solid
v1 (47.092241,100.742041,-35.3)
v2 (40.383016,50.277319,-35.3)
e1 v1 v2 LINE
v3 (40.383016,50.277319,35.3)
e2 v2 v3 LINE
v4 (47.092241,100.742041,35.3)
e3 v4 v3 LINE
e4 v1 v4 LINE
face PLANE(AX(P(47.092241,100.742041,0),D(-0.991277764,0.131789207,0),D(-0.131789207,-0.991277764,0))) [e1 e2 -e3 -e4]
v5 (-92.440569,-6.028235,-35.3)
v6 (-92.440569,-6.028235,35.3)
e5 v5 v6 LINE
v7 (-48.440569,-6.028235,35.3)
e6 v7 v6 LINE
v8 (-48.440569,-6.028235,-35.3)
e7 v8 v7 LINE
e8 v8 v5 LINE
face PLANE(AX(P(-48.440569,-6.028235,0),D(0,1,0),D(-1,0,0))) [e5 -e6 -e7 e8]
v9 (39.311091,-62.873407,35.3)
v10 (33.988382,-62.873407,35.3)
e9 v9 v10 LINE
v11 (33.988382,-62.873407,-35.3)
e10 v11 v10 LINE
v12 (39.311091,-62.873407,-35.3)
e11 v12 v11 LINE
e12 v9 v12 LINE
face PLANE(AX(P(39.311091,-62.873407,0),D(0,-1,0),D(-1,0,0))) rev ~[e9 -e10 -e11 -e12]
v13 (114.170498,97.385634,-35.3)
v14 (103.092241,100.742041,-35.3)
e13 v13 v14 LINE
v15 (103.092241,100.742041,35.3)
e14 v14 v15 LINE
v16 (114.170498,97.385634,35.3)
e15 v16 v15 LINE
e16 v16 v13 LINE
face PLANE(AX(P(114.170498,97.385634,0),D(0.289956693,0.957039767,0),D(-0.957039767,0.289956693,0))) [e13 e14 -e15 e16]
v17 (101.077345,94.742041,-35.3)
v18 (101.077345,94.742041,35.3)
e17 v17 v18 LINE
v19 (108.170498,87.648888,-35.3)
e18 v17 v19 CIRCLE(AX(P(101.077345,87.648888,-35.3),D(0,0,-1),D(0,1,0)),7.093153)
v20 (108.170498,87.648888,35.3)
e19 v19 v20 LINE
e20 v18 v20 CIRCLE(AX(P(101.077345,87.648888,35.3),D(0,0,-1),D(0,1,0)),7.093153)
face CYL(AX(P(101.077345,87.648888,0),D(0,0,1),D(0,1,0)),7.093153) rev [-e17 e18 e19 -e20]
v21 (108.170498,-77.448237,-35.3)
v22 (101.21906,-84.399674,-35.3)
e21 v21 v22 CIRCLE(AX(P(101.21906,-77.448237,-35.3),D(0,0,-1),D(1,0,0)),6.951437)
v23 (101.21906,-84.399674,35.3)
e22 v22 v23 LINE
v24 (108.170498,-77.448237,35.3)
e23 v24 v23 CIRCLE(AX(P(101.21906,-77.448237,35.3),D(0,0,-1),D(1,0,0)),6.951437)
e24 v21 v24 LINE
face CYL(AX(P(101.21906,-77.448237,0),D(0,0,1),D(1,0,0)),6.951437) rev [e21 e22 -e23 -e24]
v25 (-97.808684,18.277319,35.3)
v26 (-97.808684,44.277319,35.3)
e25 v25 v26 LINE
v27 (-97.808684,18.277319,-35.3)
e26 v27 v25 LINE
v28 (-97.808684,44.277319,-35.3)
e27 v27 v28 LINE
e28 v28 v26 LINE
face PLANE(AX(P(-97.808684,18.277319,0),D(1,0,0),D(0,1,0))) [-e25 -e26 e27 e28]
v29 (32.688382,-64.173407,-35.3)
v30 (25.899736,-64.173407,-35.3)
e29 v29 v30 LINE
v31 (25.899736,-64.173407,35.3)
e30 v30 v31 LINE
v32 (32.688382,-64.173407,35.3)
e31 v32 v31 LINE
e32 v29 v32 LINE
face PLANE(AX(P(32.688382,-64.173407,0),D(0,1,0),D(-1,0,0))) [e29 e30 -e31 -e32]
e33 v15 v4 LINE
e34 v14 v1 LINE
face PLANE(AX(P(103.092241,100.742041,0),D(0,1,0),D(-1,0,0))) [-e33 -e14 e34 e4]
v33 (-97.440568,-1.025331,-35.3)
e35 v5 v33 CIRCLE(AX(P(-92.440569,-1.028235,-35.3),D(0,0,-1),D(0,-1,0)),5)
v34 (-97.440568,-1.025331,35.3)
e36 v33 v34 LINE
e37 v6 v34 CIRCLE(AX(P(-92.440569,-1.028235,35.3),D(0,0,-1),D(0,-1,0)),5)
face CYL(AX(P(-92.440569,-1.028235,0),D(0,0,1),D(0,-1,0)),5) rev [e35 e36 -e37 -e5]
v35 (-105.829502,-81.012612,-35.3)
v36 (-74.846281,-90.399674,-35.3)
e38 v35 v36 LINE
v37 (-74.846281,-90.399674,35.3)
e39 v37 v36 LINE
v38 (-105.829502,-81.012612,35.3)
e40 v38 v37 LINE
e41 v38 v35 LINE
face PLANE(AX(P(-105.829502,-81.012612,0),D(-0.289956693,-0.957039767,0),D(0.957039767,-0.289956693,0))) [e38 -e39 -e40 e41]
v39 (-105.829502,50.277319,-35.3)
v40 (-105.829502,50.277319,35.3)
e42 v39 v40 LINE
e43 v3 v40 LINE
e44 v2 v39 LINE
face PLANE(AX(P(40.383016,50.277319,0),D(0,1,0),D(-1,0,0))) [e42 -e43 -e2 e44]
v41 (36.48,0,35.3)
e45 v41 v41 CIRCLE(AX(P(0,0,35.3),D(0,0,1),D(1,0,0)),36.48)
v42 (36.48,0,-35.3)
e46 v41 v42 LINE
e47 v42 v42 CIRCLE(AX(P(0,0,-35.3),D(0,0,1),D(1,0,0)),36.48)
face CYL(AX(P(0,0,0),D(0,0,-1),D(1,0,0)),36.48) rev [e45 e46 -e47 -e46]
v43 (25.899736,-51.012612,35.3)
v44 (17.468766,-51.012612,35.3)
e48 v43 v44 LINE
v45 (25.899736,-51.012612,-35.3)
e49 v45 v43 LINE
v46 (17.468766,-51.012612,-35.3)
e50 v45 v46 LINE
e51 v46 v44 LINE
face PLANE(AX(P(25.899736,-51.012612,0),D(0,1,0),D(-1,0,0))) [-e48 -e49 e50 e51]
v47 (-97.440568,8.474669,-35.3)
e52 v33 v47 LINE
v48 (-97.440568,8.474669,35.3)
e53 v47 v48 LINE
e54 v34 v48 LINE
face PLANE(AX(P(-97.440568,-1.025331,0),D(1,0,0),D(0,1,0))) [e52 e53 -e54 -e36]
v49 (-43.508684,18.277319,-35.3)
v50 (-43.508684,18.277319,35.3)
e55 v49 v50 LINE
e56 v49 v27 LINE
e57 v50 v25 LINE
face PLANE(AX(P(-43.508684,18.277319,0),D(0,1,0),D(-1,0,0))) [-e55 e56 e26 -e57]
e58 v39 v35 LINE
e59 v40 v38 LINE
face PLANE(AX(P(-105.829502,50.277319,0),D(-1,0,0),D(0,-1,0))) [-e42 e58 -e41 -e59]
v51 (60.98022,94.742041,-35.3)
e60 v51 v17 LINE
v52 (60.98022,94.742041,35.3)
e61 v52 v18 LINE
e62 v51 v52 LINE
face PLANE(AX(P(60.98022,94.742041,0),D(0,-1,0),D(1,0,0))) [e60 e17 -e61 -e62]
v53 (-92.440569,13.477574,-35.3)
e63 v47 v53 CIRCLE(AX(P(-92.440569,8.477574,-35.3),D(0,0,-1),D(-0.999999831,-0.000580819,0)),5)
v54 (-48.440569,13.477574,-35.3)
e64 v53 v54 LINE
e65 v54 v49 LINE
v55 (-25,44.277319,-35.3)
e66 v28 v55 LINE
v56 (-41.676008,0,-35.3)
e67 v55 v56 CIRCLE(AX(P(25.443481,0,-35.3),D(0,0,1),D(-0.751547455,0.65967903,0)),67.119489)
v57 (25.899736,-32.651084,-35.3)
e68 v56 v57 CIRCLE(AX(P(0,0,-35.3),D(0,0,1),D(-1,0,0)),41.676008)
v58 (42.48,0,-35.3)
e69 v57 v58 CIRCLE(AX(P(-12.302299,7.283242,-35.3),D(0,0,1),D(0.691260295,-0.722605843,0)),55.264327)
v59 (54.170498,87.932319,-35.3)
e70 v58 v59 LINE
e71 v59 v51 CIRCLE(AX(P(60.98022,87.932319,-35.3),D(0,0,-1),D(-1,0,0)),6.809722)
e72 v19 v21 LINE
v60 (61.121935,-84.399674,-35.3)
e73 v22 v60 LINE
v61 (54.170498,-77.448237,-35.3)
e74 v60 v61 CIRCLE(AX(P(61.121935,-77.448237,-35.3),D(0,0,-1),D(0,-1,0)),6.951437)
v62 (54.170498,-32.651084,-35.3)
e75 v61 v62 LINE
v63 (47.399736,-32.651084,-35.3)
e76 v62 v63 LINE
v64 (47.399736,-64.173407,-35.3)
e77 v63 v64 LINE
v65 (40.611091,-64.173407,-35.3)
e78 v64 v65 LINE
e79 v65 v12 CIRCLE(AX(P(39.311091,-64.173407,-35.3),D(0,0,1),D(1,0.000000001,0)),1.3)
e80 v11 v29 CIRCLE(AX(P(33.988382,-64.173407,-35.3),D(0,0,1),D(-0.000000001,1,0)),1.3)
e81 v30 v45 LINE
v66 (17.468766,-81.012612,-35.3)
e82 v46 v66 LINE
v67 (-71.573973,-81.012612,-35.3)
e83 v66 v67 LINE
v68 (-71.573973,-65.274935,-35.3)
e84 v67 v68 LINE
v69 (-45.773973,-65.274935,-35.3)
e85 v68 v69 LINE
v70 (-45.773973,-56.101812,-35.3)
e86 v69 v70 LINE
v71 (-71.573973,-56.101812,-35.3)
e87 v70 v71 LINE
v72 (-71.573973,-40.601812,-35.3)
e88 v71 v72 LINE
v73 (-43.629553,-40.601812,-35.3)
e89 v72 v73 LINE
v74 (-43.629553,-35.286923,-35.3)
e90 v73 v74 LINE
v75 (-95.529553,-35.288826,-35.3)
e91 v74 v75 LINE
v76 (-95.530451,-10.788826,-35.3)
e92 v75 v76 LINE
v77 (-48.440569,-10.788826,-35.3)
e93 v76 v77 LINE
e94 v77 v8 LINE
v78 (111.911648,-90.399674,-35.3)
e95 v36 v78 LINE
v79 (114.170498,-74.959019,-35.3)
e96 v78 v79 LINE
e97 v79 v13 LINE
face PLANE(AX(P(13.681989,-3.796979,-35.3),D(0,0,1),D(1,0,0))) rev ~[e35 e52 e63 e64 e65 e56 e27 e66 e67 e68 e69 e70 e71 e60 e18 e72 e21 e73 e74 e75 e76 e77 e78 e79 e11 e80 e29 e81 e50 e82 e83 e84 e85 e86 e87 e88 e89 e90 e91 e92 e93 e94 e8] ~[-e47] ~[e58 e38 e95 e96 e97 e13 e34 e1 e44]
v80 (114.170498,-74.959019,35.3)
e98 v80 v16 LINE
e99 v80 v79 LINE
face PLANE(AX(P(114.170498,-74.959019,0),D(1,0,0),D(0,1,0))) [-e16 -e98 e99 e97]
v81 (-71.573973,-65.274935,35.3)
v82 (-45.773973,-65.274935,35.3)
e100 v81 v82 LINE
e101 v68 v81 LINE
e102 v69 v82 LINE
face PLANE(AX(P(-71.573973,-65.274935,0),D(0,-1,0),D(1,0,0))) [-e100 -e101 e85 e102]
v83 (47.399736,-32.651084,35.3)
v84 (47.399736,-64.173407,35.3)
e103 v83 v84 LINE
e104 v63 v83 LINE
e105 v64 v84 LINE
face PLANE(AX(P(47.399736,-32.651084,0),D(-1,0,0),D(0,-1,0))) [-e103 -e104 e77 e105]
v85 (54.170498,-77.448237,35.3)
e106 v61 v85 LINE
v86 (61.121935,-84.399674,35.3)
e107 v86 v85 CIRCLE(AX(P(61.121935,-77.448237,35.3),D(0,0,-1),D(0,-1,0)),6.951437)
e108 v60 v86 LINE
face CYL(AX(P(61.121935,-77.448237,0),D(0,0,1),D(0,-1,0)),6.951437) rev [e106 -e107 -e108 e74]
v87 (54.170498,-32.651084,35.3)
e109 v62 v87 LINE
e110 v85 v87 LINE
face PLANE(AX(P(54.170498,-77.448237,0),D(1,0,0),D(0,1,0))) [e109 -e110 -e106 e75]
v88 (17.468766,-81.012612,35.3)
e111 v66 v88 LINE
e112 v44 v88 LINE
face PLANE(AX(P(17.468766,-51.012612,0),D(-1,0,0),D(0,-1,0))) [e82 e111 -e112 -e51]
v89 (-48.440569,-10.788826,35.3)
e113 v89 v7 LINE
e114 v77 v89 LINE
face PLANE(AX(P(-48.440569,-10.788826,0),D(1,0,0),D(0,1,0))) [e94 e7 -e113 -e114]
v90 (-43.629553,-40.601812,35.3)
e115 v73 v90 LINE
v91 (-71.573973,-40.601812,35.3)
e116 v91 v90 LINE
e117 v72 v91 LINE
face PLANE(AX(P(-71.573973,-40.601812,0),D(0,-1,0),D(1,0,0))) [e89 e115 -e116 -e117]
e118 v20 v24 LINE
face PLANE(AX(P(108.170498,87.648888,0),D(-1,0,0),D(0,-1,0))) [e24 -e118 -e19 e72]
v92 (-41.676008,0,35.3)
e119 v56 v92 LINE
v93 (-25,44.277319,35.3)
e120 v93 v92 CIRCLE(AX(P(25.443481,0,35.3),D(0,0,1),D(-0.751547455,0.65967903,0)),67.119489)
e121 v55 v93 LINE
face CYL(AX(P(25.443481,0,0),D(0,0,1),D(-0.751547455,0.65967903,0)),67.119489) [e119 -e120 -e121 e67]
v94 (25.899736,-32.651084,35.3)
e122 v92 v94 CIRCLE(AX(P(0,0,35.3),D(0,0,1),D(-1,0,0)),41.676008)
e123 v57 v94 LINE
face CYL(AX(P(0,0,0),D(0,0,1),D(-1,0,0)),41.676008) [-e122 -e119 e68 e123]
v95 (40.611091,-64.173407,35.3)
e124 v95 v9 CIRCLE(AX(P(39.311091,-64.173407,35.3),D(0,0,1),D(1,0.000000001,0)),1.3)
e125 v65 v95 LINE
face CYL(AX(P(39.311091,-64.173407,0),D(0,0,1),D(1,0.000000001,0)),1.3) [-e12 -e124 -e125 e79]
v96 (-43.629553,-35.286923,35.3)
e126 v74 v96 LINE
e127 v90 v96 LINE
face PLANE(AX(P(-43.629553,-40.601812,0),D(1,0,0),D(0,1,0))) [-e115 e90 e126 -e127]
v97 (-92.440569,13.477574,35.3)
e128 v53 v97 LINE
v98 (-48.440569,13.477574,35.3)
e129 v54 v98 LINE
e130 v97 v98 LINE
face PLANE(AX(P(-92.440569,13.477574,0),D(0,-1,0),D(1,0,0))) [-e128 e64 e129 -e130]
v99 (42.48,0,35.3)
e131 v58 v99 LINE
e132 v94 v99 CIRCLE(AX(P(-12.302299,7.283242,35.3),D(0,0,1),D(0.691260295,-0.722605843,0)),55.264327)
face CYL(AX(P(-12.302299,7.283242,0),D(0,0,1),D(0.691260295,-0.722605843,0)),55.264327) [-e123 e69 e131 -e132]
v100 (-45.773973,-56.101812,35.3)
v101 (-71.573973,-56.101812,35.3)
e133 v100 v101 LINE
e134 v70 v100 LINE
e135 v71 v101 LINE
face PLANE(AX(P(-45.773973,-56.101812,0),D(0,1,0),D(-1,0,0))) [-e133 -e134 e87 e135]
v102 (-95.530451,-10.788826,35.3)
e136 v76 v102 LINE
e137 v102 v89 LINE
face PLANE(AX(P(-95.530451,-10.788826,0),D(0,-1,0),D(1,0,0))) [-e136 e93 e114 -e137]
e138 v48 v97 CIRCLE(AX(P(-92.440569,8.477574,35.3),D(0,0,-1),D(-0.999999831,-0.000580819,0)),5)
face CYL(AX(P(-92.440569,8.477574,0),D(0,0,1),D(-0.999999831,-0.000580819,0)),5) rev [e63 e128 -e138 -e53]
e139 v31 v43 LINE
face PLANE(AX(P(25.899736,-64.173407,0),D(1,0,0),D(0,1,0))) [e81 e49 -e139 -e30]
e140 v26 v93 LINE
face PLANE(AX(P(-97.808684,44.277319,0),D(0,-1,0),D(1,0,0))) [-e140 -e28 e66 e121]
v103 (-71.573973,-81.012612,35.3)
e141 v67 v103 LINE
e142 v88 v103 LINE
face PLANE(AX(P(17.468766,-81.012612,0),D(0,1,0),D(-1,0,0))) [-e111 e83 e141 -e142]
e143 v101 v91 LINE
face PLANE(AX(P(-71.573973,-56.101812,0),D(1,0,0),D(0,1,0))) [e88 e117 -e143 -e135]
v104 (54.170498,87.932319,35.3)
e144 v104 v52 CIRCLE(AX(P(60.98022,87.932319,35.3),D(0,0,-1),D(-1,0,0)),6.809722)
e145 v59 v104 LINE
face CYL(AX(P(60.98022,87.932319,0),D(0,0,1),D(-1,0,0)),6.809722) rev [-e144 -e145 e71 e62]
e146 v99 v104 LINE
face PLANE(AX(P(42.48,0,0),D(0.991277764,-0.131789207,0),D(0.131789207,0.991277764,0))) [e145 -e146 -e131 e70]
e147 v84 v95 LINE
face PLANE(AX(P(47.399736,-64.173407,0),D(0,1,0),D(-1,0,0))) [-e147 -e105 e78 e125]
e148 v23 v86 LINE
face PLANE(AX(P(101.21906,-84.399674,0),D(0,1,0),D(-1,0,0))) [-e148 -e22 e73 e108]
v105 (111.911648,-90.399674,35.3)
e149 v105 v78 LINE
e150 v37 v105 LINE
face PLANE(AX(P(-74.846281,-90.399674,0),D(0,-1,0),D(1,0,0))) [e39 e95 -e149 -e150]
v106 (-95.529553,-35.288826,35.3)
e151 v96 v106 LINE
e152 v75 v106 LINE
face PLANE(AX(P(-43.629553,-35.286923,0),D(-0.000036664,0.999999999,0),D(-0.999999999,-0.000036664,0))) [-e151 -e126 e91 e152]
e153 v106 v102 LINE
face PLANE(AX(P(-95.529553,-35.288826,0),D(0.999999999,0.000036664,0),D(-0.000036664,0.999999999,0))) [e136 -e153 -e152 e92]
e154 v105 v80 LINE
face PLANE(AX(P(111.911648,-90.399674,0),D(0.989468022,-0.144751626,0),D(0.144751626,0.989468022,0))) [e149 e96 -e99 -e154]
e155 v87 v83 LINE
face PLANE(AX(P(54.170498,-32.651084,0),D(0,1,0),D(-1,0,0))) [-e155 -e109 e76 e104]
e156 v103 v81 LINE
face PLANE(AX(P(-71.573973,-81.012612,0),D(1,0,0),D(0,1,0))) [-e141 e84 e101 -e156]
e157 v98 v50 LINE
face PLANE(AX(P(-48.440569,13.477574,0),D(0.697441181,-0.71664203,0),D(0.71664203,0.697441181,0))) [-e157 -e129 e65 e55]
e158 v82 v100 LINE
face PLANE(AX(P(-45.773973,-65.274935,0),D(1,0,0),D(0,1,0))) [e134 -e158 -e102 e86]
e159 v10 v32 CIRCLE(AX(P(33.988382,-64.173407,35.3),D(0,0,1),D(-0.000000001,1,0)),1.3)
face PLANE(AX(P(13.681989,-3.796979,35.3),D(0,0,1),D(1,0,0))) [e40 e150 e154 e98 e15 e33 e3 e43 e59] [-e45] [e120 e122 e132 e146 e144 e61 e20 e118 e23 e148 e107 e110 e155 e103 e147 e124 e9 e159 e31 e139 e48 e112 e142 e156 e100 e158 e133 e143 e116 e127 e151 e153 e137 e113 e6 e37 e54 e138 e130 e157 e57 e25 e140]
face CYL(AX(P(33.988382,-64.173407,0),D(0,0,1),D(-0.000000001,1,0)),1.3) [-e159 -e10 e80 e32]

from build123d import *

# Parameters (mm, degrees)
CROQUIS1_R              = 36.48
SALIENTE_EXTRUIR1_DEPTH = 35.3


with BuildPart() as part:
    # Croquis1 → Saliente-Extruir1 (new, symmetric)
    with BuildSketch(Plane.XY):
        Polygon((114.170497813, 97.385634303), (103.092241408, 100.742040907), (47.092241408, 100.742040907), (40.383016369, 50.277319492), (-25, 50.277319492), (-105.829502187, 50.277319492), (-105.829502187, -81.012611613), (-74.846281109, -90.399674345), (111.911647615, -90.399674345), (114.170497813, -74.959018563), align=None)
        Circle(CROQUIS1_R, mode=Mode.SUBTRACT)
        with BuildLine():
            Line((39.311090941, -62.873407285), (33.988381842, -62.873407285))
            ThreePointArc((33.988381842, -62.873407285), (33.069143027, -63.25416847), (32.688381842, -64.173407285))
            Line((32.688381842, -64.173407285), (25.899736392, -64.173407285))
            Line((25.899736392, -64.173407285), (25.899736392, -51.012611613))
            Line((25.899736392, -51.012611613), (17.468766423, -51.012611613))
            Line((17.468766423, -51.012611613), (17.468766423, -64.173407285))
            Line((17.468766423, -64.173407285), (17.468766423, -81.012611613))
            Line((17.468766423, -81.012611613), (-71.573973225, -81.012611613))
            Line((-71.573973225, -81.012611613), (-71.573973225, -65.27493481))
            Line((-71.573973225, -65.27493481), (-45.773973225, -65.27493481))
            Line((-45.773973225, -65.27493481), (-45.773973225, -56.101811779))
            Line((-45.773973225, -56.101811779), (-71.573973225, -56.101811779))
            Line((-71.573973225, -56.101811779), (-71.573973225, -40.601811779))
            Line((-71.573973225, -40.601811779), (-43.629552583, -40.601811779))
            Line((-43.629552583, -40.601811779), (-43.629552583, -35.286923245))
            Line((-43.629552583, -35.286923245), (-95.529552548, -35.288826129))
            Line((-95.529552548, -35.288826129), (-95.530450826, -10.788826145))
            Line((-95.530450826, -10.788826145), (-48.440569068, -10.788826145))
            Line((-48.440569068, -10.788826145), (-48.440569068, -6.028234661))
            Line((-48.440569068, -6.028234661), (-92.440569068, -6.028234661))
            ThreePointArc((-92.440569068, -6.028234661), (-95.977129578, -4.562741665), (-97.440568225, -1.025330565))
            Line((-97.440568225, -1.025330565), (-97.440568225, 8.474669435))
            ThreePointArc((-97.440568225, 8.474669435), (-95.977129578, 12.012080534), (-92.440569068, 13.47757353))
            Line((-92.440569068, 13.47757353), (-48.440569068, 13.47757353))
            Line((-48.440569068, 13.47757353), (-43.508684083, 18.277319492))
            Line((-43.508684083, 18.277319492), (-97.808684083, 18.277319492))
            Line((-97.808684083, 18.277319492), (-97.808684083, 44.277319492))
            Line((-97.808684083, 44.277319492), (-25, 44.277319492))
            ThreePointArc((-25, 44.277319492), (-37.368804618, 23.656765735), (-41.676007876, 0))
            ThreePointArc((-41.676007876, 0), (-18.131354261, -37.525239842), (25.899736392, -32.651084015))
            ThreePointArc((25.899736392, -32.651084015), (36.972896923, -17.738767673), (42.48, 0))
            Line((42.48, 0), (54.170497813, 87.932318843))
            ThreePointArc((54.170497813, 87.932318843), (56.165019227, 92.747519492), (60.980219877, 94.742040907))
            Line((60.980219877, 94.742040907), (101.077345244, 94.742040907))
            ThreePointArc((101.077345244, 94.742040907), (106.092961526, 92.664504619), (108.170497813, 87.648888338))
            Line((108.170497813, 87.648888338), (108.170497813, -77.448237029))
            ThreePointArc((108.170497813, -77.448237029), (106.134468962, -82.363645495), (101.219060497, -84.399674345))
            Line((101.219060497, -84.399674345), (61.121935129, -84.399674345))
            ThreePointArc((61.121935129, -84.399674345), (56.206526664, -82.363645495), (54.170497813, -77.448237029))
            Line((54.170497813, -77.448237029), (54.170497813, -32.651084015))
            Line((54.170497813, -32.651084015), (47.399736392, -32.651084015))
            Line((47.399736392, -32.651084015), (47.399736392, -64.173407285))
            Line((47.399736392, -64.173407285), (40.611090941, -64.173407285))
            ThreePointArc((40.611090941, -64.173407285), (40.230329756, -63.25416847), (39.311090941, -62.873407285))
        make_face(mode=Mode.SUBTRACT)
    extrude(amount=SALIENTE_EXTRUIR1_DEPTH, both=True)


solid = part.part
